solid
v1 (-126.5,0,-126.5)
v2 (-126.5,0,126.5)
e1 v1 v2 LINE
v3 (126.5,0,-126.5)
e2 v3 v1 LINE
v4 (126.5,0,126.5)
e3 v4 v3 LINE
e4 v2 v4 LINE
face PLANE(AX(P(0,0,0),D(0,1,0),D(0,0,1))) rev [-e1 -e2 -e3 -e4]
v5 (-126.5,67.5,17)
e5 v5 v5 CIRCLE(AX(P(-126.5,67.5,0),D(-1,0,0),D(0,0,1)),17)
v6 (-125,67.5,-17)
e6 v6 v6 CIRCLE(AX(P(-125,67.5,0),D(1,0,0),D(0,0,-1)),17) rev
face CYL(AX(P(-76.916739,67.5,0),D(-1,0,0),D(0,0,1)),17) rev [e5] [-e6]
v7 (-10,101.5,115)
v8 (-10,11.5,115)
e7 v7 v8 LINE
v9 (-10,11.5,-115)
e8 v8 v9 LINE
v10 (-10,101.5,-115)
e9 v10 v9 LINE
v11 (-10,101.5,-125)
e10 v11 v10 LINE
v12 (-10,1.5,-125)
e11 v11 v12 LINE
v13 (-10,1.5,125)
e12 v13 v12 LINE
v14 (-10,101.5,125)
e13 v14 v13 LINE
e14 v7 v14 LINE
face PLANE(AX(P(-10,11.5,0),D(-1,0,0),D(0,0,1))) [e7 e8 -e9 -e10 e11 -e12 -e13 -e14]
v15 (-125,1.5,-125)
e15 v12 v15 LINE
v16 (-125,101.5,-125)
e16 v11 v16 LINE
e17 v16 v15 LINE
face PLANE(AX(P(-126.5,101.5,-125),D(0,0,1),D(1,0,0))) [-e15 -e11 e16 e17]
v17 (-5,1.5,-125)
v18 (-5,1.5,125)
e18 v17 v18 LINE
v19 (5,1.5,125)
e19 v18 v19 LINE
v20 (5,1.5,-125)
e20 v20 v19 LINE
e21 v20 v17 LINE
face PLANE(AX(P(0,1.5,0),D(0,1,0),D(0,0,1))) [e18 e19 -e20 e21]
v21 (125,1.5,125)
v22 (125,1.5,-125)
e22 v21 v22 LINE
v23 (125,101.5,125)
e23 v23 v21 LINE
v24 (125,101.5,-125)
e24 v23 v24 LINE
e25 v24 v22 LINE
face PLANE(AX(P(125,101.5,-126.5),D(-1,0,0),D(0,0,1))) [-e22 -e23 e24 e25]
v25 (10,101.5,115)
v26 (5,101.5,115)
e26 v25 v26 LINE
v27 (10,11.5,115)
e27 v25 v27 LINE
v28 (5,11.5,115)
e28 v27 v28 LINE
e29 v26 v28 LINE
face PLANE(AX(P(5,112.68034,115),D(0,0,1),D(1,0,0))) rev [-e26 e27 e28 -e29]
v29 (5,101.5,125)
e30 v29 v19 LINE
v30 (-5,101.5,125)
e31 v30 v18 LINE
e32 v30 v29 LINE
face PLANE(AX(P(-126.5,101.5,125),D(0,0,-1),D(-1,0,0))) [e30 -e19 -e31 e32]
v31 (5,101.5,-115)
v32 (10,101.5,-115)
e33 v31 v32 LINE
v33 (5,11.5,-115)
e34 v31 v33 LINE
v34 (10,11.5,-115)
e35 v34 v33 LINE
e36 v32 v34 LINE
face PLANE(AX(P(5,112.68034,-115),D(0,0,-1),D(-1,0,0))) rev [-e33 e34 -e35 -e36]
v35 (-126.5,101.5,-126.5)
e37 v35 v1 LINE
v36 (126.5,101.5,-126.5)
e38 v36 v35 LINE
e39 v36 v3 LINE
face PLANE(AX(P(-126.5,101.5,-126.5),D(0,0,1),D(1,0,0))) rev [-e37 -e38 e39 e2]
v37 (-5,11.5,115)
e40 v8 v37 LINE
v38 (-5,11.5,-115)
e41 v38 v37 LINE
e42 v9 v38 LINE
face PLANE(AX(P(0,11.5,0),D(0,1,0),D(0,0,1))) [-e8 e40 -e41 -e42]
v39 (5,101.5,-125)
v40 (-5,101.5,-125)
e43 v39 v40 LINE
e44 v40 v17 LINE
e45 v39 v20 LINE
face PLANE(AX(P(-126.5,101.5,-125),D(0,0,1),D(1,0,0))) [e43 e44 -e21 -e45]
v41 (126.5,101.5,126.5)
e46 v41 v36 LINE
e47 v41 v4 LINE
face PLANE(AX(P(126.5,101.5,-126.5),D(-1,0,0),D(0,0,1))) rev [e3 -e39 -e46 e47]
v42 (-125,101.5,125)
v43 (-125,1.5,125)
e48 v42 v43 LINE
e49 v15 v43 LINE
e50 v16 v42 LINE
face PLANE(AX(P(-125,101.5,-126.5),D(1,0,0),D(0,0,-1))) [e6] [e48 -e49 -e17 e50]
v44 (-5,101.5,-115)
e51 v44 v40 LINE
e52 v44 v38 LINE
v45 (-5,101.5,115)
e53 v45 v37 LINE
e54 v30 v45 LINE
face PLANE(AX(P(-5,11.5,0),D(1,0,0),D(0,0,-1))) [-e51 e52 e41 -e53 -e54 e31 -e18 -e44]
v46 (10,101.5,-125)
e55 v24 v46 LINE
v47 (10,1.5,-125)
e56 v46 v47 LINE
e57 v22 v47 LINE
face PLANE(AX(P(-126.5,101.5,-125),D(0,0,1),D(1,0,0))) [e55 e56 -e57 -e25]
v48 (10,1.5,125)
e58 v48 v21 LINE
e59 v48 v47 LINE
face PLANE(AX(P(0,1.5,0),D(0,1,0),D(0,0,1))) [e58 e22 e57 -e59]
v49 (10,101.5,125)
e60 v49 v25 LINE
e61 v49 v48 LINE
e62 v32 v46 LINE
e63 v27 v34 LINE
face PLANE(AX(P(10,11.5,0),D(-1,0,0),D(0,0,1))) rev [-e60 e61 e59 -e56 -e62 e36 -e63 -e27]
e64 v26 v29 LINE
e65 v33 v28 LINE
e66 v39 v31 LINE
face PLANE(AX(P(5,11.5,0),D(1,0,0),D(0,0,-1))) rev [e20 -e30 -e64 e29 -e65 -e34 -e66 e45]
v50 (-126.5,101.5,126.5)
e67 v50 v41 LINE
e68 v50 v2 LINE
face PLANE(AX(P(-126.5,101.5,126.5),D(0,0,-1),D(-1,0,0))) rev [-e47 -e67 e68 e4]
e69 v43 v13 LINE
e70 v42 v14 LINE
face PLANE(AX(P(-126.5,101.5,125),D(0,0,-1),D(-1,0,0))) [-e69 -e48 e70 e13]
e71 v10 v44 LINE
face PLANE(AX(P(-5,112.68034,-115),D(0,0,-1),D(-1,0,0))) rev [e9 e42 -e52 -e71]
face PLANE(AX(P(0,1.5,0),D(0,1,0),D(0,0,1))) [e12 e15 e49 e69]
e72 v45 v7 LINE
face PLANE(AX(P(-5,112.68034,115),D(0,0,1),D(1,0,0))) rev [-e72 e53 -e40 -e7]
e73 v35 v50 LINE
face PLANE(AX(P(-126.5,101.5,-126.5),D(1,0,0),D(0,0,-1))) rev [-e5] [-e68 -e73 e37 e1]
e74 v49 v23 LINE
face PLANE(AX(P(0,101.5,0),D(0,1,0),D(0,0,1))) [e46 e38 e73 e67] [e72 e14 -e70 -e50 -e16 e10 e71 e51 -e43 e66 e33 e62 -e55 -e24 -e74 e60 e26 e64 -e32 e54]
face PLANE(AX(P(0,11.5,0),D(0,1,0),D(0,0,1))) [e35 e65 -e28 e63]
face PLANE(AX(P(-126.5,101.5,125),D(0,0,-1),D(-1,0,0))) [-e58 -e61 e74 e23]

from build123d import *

# Parameters (mm, degrees)
SKETCH1_W           = 253
SKETCH1_H           = 253
BOSS_EXTRUDE1_DEPTH = 101.5
SHELL2_T            = -1.5
SKETCH2_W           = 5
SKETCH2_H           = 230
BOSS_EXTRUDE3_DEPTH = 10
SKETCH3_W           = 5
SKETCH3_H           = 10
BOSS_EXTRUDE4_DEPTH = 100
SKETCH4_R           = 17
CUT_EXTRUDE1_DEPTH  = 1.5


with BuildPart() as part:
    # Sketch1 → Boss-Extrude1 (new body)
    with BuildSketch(Plane(origin=(0, 0, 0), x_dir=(1, 0, 0), z_dir=(0, 1, 0))):
        Rectangle(SKETCH1_W, SKETCH1_H)
    extrude(amount=BOSS_EXTRUDE1_DEPTH)

    # Shell2
    shell2_openings = [part.faces().sort_by_distance(p)[0] for p in [
        (0, 101.5, 0),
    ]]
    offset(amount=SHELL2_T, openings=shell2_openings, kind=Kind.INTERSECTION)

    # Sketch2 → Boss-Extrude3 (add)
    with BuildSketch(Plane(origin=(0, 1.5, 0), x_dir=(1, 0, 0), z_dir=(0, 1, 0))):
        with Locations((-7.5, 0)):
            Rectangle(SKETCH2_W, SKETCH2_H)
        with Locations((7.5, 0)):
            Rectangle(SKETCH2_W, SKETCH2_H)
    extrude(amount=BOSS_EXTRUDE3_DEPTH)

    # Sketch3 → Boss-Extrude4 (add)
    with BuildSketch(Plane(origin=(0, 1.5, 0), x_dir=(1, 0, 0), z_dir=(0, 1, 0))):
        with Locations((-7.5, 120)):
            Rectangle(SKETCH3_W, SKETCH3_H)
        with Locations((7.5, 120)):
            Rectangle(SKETCH3_W, SKETCH3_H)
        with Locations((7.5, -120)):
            Rectangle(SKETCH3_W, SKETCH3_H)
        with Locations((-7.5, -120)):
            Rectangle(SKETCH3_W, SKETCH3_H)
    extrude(amount=BOSS_EXTRUDE4_DEPTH)

    # Sketch4 → Cut-Extrude1 (cut)
    with BuildSketch(Plane.ZY.offset(126.5)):
        with Locations((0, 67.5)):
            Circle(SKETCH4_R)
    extrude(amount=-CUT_EXTRUDE1_DEPTH, mode=Mode.SUBTRACT)


solid = part.part
